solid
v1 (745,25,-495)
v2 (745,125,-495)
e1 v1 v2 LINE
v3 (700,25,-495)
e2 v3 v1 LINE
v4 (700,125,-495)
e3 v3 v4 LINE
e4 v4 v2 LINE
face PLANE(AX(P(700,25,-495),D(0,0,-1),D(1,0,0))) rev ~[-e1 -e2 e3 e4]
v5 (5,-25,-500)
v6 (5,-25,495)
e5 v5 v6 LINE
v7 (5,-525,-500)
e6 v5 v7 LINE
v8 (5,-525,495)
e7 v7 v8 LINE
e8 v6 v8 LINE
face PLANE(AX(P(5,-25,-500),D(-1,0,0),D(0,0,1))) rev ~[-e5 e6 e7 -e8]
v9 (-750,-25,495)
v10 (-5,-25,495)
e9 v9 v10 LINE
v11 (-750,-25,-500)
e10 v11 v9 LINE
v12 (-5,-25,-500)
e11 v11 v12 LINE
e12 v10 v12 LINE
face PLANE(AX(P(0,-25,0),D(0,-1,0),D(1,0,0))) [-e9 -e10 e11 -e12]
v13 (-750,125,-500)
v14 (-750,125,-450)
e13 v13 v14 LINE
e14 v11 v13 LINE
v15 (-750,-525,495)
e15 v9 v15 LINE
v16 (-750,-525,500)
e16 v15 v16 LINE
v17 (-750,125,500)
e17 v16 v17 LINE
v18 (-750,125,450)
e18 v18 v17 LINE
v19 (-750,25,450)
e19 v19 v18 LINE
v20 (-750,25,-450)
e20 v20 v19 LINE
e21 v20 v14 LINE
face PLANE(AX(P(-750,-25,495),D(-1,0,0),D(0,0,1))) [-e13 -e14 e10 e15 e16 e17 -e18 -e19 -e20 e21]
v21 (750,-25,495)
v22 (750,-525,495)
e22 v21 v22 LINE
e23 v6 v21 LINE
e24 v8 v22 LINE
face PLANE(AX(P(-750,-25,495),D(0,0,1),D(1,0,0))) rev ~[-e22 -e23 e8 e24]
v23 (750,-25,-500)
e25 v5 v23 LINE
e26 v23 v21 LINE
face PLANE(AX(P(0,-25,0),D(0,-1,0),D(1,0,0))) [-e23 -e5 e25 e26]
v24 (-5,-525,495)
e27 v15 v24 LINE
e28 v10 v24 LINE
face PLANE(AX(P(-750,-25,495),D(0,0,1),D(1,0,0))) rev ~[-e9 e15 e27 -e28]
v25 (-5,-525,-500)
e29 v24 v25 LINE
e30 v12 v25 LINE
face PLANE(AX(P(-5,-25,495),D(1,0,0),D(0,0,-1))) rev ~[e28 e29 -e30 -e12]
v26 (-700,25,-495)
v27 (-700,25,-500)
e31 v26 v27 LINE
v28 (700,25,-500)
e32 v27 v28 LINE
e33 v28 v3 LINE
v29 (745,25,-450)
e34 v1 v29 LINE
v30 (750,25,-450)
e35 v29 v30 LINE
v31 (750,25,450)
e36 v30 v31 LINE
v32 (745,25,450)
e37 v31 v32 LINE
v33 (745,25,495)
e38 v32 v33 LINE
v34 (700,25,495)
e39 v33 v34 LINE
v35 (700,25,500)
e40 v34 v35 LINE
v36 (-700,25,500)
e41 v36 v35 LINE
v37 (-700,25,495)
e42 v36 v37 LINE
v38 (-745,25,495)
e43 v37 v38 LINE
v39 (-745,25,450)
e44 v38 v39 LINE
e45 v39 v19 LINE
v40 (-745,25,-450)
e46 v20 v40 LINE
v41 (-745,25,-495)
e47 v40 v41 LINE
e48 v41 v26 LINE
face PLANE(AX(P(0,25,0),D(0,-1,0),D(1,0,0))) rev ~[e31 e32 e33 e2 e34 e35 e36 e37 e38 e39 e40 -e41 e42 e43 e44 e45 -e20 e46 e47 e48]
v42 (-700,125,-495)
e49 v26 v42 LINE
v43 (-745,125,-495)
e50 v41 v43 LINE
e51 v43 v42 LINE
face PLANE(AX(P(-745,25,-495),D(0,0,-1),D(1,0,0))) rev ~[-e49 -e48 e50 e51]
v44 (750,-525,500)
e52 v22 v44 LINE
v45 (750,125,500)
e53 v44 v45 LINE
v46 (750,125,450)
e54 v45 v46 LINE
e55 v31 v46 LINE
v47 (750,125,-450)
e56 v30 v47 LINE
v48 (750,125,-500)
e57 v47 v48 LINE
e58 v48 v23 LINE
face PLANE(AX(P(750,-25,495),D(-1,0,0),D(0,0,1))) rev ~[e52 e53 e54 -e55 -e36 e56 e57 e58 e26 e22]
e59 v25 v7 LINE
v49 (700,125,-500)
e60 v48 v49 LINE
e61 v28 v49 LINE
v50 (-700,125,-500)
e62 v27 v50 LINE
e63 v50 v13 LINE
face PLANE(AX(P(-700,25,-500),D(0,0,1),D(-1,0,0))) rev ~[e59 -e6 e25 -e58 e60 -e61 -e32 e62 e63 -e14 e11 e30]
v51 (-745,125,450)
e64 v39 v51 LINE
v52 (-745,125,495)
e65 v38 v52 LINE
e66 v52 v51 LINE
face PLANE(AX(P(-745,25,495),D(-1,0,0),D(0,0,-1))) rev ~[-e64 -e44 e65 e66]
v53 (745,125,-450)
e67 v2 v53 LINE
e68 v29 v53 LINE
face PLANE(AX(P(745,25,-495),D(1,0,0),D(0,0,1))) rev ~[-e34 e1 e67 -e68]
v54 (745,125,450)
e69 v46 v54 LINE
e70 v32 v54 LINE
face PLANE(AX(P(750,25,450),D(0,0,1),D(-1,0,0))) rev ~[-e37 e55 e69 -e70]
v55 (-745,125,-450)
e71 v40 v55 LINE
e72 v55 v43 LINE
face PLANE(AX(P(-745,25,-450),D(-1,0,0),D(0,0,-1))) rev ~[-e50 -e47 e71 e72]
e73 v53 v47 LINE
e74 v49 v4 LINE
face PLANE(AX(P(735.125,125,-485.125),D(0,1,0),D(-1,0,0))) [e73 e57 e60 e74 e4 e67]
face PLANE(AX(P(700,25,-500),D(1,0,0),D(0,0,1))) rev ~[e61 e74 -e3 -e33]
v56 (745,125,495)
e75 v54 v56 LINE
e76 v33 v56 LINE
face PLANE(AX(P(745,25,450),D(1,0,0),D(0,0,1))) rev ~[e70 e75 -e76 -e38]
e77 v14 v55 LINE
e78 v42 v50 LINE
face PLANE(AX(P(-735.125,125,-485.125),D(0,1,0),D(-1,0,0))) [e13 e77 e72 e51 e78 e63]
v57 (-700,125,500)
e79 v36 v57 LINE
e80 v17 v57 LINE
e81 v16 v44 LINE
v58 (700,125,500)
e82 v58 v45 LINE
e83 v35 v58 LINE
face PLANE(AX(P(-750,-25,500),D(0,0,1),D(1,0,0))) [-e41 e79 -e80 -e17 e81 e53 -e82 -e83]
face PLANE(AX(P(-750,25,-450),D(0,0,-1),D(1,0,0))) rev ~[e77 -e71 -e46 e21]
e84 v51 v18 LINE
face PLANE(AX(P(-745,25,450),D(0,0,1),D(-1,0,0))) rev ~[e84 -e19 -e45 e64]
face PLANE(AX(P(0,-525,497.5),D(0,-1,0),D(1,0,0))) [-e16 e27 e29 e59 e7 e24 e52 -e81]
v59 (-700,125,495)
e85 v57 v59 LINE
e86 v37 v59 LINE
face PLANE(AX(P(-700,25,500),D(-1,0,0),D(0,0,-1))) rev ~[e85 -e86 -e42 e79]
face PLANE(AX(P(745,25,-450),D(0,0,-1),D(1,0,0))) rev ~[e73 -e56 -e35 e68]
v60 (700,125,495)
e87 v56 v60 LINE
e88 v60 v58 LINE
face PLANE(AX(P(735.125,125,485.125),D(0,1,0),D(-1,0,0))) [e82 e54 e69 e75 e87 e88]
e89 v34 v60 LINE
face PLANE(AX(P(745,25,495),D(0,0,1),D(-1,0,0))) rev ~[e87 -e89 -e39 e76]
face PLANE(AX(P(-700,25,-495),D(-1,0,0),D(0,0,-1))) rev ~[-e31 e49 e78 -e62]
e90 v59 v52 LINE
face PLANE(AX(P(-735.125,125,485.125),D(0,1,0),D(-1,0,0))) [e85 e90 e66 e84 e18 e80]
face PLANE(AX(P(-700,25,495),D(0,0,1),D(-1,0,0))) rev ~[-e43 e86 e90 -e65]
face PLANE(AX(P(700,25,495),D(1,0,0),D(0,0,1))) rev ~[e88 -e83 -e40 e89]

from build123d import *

# Parameters (mm, degrees)
F0_W     = 1500
F0_H     = 1000
F1_DEPTH = 25
F3_DEPTH = 100
F4_W     = 1500
F4_H     = 5
F5_DEPTH = 500
F7_DEPTH = 500


with BuildPart() as f1:
    # F0 (on Front) → F1 (new body, symmetric)
    with BuildSketch(Plane.XZ):
        Rectangle(F0_W, F0_H)
    extrude(amount=F1_DEPTH, both=True)

    # F2 (on face) → F3 (join)
    with BuildSketch(Plane(origin=(0, 25, 0), x_dir=(-1, 0, 0), z_dir=(0, 1, 0))):
        Polygon((700, -500), (750, -500), (750, -450), (745, -450), (745, -495), (700, -495), align=None)
        Polygon((-750, -500), (-700, -500), (-700, -495), (-745, -495), (-745, -450), (-750, -450), align=None)
        Polygon((-700, 495), (-700, 500), (-750, 500), (-750, 450), (-745, 450), (-745, 495), align=None)
        Polygon((745, 450), (750, 450), (750, 500), (700, 500), (700, 495), (745, 495), align=None)
    extrude(amount=F3_DEPTH)

    # F4 (on face) → F5 (join)
    with BuildSketch(Plane.XZ.offset(25)):
        with Locations((0, 497.5)):
            Rectangle(F4_W, F4_H)
    extrude(amount=F5_DEPTH)

    # F6 (on face) → F7 (join)
    with BuildSketch(Plane.XZ.offset(25)):
        Polygon((-5, -500), (0, -500), (5, -500), (5, 495), (0, 495), (-5, 495), align=None)
    extrude(amount=F7_DEPTH)


solid = f1.part
